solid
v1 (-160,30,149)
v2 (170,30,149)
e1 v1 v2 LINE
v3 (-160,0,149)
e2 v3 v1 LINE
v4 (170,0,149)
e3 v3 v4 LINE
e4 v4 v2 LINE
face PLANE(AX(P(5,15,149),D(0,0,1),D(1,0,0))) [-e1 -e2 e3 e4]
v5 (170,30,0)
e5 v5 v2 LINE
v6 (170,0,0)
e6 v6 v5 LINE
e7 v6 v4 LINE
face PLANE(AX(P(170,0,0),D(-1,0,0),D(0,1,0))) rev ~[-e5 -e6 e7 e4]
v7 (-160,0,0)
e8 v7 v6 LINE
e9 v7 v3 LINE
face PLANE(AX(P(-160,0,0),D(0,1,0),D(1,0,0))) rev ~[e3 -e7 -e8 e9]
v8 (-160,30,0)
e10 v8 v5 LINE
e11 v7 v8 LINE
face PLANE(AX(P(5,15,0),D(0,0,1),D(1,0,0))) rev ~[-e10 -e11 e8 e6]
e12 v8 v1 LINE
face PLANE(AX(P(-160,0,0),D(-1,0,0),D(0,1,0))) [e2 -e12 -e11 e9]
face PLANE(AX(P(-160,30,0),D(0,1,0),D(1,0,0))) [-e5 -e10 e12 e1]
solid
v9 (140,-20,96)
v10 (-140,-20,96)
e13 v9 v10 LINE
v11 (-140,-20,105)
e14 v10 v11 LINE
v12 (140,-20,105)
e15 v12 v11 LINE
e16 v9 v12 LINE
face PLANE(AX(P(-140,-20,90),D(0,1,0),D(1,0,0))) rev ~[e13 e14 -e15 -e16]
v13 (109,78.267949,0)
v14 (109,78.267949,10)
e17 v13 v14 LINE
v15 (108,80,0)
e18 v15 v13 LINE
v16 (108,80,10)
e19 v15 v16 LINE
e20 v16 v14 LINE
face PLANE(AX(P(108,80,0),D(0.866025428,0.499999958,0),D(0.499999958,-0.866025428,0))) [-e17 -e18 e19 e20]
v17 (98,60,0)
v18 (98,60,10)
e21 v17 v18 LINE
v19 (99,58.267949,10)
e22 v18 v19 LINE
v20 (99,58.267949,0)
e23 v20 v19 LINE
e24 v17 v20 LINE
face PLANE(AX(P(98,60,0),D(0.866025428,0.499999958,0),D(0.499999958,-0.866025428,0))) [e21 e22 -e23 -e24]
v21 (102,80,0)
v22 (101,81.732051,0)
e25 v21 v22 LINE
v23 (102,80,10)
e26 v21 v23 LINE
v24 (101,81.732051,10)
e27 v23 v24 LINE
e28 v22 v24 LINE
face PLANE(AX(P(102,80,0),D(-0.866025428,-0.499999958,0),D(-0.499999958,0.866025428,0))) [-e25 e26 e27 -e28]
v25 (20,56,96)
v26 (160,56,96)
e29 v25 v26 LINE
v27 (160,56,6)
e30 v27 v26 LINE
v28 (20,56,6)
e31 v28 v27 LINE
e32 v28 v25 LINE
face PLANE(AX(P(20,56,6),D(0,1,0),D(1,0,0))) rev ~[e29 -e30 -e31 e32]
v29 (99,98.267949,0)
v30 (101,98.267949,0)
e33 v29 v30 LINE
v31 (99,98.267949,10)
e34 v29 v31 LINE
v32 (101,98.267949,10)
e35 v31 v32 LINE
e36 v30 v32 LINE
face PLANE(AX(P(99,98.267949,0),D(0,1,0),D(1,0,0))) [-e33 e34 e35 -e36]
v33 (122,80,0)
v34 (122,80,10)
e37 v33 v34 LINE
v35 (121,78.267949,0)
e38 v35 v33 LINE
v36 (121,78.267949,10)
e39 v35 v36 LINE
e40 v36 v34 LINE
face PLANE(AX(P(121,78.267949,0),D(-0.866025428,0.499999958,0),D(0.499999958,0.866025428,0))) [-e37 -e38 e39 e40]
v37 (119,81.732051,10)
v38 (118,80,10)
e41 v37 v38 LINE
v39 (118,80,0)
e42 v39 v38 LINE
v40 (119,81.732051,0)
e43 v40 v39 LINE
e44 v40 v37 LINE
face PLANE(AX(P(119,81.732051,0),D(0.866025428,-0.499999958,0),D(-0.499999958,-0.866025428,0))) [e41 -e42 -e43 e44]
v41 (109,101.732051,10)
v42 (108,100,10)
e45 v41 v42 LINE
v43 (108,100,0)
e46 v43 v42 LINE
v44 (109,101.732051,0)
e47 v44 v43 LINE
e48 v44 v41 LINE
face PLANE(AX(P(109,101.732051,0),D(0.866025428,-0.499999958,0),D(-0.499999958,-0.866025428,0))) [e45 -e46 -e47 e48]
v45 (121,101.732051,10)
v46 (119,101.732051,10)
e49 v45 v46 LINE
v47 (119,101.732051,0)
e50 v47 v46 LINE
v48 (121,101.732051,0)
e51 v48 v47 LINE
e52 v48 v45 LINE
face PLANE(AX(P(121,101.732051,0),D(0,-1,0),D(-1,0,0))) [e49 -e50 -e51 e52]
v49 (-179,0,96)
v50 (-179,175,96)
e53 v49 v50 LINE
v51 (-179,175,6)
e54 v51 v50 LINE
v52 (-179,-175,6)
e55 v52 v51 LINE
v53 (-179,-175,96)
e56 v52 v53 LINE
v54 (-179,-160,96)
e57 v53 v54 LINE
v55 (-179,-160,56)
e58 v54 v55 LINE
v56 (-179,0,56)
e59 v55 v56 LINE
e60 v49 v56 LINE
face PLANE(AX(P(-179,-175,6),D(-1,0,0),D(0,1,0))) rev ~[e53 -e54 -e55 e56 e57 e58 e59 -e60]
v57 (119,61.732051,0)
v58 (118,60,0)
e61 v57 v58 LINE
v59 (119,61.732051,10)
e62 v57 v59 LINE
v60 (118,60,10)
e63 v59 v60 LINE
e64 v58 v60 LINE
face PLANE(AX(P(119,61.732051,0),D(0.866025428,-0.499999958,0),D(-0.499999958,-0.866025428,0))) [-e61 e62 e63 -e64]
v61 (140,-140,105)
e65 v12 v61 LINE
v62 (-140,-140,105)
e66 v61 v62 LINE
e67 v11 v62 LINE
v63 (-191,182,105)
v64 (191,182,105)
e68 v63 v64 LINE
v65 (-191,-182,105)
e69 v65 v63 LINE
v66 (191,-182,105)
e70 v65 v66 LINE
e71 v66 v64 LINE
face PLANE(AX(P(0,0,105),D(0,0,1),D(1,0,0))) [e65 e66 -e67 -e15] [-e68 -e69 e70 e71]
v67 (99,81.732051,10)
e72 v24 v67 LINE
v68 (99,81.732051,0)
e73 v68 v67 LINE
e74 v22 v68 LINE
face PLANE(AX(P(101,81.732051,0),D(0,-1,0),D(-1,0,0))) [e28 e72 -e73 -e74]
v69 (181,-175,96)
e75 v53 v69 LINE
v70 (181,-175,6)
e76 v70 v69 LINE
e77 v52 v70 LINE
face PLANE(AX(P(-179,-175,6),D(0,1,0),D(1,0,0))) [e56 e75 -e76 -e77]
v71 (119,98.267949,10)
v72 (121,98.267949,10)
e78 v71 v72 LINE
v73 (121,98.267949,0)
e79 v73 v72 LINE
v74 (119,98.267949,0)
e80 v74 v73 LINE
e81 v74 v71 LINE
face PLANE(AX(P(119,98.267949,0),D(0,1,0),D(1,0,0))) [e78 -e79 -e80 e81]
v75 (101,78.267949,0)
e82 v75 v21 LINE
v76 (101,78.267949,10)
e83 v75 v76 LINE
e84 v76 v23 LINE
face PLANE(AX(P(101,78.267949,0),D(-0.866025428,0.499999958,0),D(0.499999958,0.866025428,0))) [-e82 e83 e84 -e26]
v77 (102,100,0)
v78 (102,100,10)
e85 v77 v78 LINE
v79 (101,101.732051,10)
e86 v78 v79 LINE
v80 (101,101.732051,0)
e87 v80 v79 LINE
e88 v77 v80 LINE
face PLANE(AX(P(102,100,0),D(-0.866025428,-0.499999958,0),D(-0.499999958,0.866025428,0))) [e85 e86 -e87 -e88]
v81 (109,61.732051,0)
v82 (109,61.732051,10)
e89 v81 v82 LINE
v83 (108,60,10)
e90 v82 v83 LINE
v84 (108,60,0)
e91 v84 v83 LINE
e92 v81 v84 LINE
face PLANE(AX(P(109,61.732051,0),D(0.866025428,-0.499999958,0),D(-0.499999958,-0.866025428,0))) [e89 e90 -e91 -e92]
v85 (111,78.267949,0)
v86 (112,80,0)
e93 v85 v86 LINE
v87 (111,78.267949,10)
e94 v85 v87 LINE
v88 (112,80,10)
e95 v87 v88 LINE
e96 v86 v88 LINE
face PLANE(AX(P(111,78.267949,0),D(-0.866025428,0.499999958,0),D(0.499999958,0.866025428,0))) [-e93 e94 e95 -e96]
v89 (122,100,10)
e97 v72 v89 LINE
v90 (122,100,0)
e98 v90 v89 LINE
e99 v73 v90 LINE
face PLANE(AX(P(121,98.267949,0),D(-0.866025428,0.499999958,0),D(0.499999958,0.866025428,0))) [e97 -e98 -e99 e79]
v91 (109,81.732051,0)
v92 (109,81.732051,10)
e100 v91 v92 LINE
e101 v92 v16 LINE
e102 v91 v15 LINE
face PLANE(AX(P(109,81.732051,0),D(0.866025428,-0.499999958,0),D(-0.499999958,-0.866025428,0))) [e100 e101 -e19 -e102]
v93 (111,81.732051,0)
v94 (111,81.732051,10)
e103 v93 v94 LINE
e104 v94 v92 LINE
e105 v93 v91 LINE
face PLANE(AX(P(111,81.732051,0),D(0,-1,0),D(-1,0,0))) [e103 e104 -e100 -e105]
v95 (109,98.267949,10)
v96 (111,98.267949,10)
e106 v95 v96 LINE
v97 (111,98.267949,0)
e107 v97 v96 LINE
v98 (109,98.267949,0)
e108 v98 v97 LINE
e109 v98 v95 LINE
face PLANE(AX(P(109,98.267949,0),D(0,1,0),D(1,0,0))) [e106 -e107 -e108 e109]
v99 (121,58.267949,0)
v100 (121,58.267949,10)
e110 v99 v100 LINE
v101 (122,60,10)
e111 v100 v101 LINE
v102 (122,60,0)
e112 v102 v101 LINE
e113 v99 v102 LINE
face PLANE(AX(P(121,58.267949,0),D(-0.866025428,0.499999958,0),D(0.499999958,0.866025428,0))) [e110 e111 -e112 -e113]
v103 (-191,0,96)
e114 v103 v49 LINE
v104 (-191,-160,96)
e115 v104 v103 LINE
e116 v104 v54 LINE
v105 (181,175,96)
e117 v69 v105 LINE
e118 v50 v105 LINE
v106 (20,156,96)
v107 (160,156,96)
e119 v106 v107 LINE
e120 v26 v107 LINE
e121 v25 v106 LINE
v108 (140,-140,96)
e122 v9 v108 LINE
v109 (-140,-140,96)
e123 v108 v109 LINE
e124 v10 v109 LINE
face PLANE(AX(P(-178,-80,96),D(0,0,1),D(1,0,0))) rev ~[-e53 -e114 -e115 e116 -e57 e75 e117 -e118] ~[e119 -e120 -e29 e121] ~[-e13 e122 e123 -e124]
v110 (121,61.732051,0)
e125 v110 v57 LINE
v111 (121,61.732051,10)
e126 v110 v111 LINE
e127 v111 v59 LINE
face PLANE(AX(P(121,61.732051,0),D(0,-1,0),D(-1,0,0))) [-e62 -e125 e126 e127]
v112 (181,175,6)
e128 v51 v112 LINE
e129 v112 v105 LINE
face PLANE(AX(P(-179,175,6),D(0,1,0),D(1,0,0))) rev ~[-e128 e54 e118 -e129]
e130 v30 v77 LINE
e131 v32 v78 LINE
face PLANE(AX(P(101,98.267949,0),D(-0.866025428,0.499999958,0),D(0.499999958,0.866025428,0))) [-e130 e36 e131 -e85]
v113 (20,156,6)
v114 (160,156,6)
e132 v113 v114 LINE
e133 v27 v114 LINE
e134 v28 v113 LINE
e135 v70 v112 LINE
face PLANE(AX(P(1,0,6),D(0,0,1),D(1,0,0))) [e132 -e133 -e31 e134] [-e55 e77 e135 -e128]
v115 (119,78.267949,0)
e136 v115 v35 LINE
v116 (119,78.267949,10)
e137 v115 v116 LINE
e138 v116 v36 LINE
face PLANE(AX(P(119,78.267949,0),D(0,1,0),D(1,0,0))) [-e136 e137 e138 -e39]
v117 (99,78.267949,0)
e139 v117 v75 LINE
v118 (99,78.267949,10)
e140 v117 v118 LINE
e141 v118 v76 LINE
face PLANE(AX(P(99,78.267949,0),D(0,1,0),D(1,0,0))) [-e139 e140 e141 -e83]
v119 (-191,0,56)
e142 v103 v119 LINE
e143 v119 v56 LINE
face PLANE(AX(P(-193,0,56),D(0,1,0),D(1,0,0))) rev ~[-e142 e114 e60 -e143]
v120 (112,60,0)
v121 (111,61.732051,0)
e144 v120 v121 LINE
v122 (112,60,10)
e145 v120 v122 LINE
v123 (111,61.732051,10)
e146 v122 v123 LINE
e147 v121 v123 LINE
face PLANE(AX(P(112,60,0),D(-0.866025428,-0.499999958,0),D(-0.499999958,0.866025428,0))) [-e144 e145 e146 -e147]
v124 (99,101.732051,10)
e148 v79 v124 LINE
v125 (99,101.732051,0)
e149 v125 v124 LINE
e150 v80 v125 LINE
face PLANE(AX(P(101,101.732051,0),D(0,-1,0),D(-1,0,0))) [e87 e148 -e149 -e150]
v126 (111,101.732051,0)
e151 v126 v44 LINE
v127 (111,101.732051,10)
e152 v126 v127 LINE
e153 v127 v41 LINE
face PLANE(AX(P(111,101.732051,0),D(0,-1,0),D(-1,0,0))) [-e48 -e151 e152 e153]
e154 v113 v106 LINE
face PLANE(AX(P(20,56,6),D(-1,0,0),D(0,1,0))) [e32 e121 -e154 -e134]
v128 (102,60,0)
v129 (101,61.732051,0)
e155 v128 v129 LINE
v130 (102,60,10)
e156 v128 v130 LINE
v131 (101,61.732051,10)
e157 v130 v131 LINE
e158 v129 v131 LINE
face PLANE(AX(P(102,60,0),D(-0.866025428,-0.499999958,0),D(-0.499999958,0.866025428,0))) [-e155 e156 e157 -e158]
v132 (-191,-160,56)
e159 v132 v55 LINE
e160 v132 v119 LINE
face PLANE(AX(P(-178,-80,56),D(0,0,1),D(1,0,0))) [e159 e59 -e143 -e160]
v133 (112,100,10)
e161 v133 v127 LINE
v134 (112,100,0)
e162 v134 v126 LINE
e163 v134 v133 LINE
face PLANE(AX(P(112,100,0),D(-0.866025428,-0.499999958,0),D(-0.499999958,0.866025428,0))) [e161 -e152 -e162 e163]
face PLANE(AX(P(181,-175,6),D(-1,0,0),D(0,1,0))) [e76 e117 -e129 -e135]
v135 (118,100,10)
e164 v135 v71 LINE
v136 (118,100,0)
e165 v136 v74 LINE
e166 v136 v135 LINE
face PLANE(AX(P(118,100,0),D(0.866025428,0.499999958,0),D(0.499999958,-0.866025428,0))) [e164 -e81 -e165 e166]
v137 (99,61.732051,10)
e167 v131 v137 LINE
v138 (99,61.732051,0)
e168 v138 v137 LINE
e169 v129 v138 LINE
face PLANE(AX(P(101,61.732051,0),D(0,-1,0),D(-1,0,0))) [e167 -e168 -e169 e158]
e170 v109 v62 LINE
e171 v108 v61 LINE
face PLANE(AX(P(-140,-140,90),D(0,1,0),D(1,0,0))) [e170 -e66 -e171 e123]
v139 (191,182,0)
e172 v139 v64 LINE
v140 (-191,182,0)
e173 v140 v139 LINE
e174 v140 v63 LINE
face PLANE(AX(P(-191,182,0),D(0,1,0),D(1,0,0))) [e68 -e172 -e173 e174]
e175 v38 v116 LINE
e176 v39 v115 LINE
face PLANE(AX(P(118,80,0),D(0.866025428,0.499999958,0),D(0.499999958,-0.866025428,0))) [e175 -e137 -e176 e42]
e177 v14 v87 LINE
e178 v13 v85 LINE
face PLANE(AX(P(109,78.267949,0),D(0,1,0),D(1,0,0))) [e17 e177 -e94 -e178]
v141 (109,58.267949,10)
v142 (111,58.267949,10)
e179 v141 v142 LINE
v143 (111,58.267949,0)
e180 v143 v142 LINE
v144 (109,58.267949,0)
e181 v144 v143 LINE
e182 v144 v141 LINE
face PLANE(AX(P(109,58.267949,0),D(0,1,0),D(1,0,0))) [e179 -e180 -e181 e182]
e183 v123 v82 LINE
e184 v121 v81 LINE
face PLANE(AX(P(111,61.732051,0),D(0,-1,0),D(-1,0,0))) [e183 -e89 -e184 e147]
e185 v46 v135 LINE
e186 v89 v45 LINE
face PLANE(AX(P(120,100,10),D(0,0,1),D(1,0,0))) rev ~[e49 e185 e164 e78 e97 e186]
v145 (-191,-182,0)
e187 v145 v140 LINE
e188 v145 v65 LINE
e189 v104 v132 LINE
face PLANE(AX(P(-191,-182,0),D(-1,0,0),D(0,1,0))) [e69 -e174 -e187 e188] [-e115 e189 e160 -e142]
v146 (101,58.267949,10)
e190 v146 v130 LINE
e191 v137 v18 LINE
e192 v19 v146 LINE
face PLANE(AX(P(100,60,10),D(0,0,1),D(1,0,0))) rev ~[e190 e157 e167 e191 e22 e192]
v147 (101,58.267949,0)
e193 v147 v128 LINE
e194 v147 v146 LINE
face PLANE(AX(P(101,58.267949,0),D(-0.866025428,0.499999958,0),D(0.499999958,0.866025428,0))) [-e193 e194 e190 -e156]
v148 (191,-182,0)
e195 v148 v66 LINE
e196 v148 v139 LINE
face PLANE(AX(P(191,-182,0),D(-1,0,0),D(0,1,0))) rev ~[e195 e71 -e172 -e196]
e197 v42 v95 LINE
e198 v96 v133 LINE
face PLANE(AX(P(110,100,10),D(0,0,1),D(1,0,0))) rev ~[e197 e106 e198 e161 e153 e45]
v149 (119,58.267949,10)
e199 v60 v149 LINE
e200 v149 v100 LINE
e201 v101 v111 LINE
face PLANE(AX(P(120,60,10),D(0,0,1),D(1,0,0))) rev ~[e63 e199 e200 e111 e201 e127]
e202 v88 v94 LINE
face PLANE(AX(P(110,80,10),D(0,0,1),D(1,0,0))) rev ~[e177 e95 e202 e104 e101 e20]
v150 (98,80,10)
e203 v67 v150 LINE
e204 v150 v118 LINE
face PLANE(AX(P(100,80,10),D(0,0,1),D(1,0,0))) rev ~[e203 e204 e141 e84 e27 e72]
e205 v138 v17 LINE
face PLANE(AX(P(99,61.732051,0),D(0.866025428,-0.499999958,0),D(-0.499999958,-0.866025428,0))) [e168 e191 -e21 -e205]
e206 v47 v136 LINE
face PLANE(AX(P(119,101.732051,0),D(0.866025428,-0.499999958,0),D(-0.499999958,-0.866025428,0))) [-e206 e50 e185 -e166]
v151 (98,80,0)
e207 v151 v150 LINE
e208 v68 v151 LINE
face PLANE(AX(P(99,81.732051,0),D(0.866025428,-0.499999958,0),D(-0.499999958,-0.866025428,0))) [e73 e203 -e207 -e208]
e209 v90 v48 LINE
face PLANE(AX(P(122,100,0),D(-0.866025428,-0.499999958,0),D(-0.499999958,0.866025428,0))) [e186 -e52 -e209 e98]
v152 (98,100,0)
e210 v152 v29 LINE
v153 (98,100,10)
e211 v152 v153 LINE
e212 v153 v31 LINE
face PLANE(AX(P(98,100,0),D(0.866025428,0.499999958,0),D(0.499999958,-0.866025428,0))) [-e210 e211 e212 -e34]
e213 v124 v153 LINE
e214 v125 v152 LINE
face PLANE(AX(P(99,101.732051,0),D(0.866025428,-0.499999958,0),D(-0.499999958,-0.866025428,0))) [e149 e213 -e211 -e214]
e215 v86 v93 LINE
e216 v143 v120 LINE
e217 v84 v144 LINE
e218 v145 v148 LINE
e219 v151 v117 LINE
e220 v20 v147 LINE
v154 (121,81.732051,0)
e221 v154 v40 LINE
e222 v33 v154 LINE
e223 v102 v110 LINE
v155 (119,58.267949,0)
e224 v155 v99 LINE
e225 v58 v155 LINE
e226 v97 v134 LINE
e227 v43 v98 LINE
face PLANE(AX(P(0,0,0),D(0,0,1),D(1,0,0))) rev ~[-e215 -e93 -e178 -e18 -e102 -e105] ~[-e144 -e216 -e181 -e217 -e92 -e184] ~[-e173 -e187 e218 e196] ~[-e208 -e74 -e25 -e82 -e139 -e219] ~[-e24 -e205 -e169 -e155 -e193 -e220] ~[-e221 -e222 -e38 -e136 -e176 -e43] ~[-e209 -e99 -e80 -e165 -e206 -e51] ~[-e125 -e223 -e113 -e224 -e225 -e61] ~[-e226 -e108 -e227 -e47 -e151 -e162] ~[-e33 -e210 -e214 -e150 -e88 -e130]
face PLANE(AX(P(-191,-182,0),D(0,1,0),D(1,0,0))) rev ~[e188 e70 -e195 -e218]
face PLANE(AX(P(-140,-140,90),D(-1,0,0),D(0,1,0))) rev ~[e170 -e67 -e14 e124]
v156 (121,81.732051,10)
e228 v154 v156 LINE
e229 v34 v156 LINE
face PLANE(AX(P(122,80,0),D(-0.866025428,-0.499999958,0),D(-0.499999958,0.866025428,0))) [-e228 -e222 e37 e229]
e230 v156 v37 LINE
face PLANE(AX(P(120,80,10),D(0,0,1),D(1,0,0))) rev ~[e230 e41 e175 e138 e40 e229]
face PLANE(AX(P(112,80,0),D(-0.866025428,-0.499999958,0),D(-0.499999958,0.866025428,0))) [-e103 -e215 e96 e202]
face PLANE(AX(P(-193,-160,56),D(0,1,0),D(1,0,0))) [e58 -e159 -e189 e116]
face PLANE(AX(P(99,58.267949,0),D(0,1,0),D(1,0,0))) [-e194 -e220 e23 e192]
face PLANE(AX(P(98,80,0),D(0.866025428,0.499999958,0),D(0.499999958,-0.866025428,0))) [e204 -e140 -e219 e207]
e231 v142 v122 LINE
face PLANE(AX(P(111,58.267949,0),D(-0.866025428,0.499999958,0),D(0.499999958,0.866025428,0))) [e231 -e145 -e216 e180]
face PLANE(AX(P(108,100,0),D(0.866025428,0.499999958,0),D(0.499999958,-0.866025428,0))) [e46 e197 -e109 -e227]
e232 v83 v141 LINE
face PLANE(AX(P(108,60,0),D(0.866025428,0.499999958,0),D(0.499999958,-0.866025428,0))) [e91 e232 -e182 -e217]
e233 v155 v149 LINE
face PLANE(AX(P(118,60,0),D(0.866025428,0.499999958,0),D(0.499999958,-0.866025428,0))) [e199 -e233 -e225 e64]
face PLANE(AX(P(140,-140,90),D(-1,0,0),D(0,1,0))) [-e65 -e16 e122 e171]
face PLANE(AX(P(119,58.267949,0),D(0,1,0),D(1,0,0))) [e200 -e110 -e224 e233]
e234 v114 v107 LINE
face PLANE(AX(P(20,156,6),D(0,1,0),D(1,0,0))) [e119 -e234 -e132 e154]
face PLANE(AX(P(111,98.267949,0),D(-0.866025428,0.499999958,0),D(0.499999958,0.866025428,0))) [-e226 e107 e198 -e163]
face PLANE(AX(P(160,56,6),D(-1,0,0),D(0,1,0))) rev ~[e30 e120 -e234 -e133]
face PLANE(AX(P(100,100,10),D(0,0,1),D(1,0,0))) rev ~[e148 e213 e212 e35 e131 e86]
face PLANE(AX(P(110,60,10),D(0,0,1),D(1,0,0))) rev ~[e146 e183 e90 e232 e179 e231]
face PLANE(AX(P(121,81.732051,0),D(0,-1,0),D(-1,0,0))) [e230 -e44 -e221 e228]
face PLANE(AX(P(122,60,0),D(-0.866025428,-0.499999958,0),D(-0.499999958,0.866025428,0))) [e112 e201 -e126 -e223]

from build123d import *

# Parameters (mm, degrees)
BOX_W          = 382
BOX_H          = 364
BOX_DEPTH      = 105
BOX001_W       = 360
BOX001_H       = 350
BOX001_DEPTH   = 90
BOX003_W       = 280
BOX003_H       = 120
BOX003_DEPTH   = 50
BOX004_W       = 140
BOX004_H       = 100
BOX004_DEPTH   = 90
BOX005_W       = 30
BOX005_H       = 160
BOX005_DEPTH   = 40
PRISM_DEPTH    = 10
PRISM001_DEPTH = 10
PRISM002_DEPTH = 10
PRISM003_DEPTH = 10
PRISM004_DEPTH = 10
PRISM005_DEPTH = 10
PRISM006_DEPTH = 10
PRISM007_DEPTH = 10
PRISM008_DEPTH = 10
BOX002_W       = 330
BOX002_H       = 30
BOX002_DEPTH   = 149


with BuildPart() as body:
    # Box → Box (join)
    with BuildSketch(Plane(origin=(-191, -182, 0), x_dir=(1, 0, 0), z_dir=(0, 0, 1))):
        with Locations((191, 182)):
            Rectangle(BOX_W, BOX_H)
    extrude(amount=BOX_DEPTH)

    # Box001 → Box001 (cut)
    with BuildSketch(Plane(origin=(-179, -175, 6), x_dir=(1, 0, 0), z_dir=(0, 0, 1))):
        with Locations((180, 175)):
            Rectangle(BOX001_W, BOX001_H)
    extrude(amount=BOX001_DEPTH, mode=Mode.SUBTRACT)

    # Box003 → Box003 (cut)
    with BuildSketch(Plane(origin=(-140, -140, 90), x_dir=(1, 0, 0), z_dir=(0, 0, 1))):
        with Locations((140, 60)):
            Rectangle(BOX003_W, BOX003_H)
    extrude(amount=BOX003_DEPTH, mode=Mode.SUBTRACT)

    # Box004 → Box004 (join)
    with BuildSketch(Plane(origin=(20, 56, 6), x_dir=(1, 0, 0), z_dir=(0, 0, 1))):
        with Locations((70, 50)):
            Rectangle(BOX004_W, BOX004_H)
    extrude(amount=BOX004_DEPTH)

    # Box005 → Box005 (cut)
    with BuildSketch(Plane(origin=(-193, -160, 56), x_dir=(1, 0, 0), z_dir=(0, 0, 1))):
        with Locations((15, 80)):
            Rectangle(BOX005_W, BOX005_H)
    extrude(amount=BOX005_DEPTH, mode=Mode.SUBTRACT)

    # Prism → Prism (cut)
    with BuildSketch(Plane(origin=(100, 100, 0), x_dir=(1, 0, 0), z_dir=(0, 0, 1))):
        Polygon((2, 0), (1, 1.732051), (-1, 1.732051), (-2, 0), (-1, -1.732051), (1, -1.732051), align=None)
    extrude(amount=PRISM_DEPTH, mode=Mode.SUBTRACT)

    # Prism001 → Prism001 (cut)
    with BuildSketch(Plane(origin=(110, 100, 0), x_dir=(1, 0, 0), z_dir=(0, 0, 1))):
        Polygon((2, 0), (1, 1.732051), (-1, 1.732051), (-2, 0), (-1, -1.732051), (1, -1.732051), align=None)
    extrude(amount=PRISM001_DEPTH, mode=Mode.SUBTRACT)

    # Prism002 → Prism002 (cut)
    with BuildSketch(Plane(origin=(120, 100, 0), x_dir=(1, 0, 0), z_dir=(0, 0, 1))):
        Polygon((2, 0), (1, 1.732051), (-1, 1.732051), (-2, 0), (-1, -1.732051), (1, -1.732051), align=None)
    extrude(amount=PRISM002_DEPTH, mode=Mode.SUBTRACT)

    # Prism003 → Prism003 (cut)
    with BuildSketch(Plane(origin=(100, 80, 0), x_dir=(1, 0, 0), z_dir=(0, 0, 1))):
        Polygon((2, 0), (1, 1.732051), (-1, 1.732051), (-2, 0), (-1, -1.732051), (1, -1.732051), align=None)
    extrude(amount=PRISM003_DEPTH, mode=Mode.SUBTRACT)

    # Prism004 → Prism004 (cut)
    with BuildSketch(Plane(origin=(110, 80, 0), x_dir=(1, 0, 0), z_dir=(0, 0, 1))):
        Polygon((2, 0), (1, 1.732051), (-1, 1.732051), (-2, 0), (-1, -1.732051), (1, -1.732051), align=None)
    extrude(amount=PRISM004_DEPTH, mode=Mode.SUBTRACT)

    # Prism005 → Prism005 (cut)
    with BuildSketch(Plane(origin=(120, 80, 0), x_dir=(1, 0, 0), z_dir=(0, 0, 1))):
        Polygon((2, 0), (1, 1.732051), (-1, 1.732051), (-2, 0), (-1, -1.732051), (1, -1.732051), align=None)
    extrude(amount=PRISM005_DEPTH, mode=Mode.SUBTRACT)

    # Prism006 → Prism006 (cut)
    with BuildSketch(Plane(origin=(100, 60, 0), x_dir=(1, 0, 0), z_dir=(0, 0, 1))):
        Polygon((2, 0), (1, 1.732051), (-1, 1.732051), (-2, 0), (-1, -1.732051), (1, -1.732051), align=None)
    extrude(amount=PRISM006_DEPTH, mode=Mode.SUBTRACT)

    # Prism007 → Prism007 (cut)
    with BuildSketch(Plane(origin=(110, 60, 0), x_dir=(1, 0, 0), z_dir=(0, 0, 1))):
        Polygon((2, 0), (1, 1.732051), (-1, 1.732051), (-2, 0), (-1, -1.732051), (1, -1.732051), align=None)
    extrude(amount=PRISM007_DEPTH, mode=Mode.SUBTRACT)

    # Prism008 → Prism008 (cut)
    with BuildSketch(Plane(origin=(120, 60, 0), x_dir=(1, 0, 0), z_dir=(0, 0, 1))):
        Polygon((2, 0), (1, 1.732051), (-1, 1.732051), (-2, 0), (-1, -1.732051), (1, -1.732051), align=None)
    extrude(amount=PRISM008_DEPTH, mode=Mode.SUBTRACT)


with BuildPart() as max_card:
    # Box002 → Box002 (join)
    with BuildSketch(Plane(origin=(-160, 0, 0), x_dir=(1, 0, 0), z_dir=(0, 0, 1))):
        with Locations((165, 15)):
            Rectangle(BOX002_W, BOX002_H)
    extrude(amount=BOX002_DEPTH)


solid = Compound([body.part, max_card.part])
